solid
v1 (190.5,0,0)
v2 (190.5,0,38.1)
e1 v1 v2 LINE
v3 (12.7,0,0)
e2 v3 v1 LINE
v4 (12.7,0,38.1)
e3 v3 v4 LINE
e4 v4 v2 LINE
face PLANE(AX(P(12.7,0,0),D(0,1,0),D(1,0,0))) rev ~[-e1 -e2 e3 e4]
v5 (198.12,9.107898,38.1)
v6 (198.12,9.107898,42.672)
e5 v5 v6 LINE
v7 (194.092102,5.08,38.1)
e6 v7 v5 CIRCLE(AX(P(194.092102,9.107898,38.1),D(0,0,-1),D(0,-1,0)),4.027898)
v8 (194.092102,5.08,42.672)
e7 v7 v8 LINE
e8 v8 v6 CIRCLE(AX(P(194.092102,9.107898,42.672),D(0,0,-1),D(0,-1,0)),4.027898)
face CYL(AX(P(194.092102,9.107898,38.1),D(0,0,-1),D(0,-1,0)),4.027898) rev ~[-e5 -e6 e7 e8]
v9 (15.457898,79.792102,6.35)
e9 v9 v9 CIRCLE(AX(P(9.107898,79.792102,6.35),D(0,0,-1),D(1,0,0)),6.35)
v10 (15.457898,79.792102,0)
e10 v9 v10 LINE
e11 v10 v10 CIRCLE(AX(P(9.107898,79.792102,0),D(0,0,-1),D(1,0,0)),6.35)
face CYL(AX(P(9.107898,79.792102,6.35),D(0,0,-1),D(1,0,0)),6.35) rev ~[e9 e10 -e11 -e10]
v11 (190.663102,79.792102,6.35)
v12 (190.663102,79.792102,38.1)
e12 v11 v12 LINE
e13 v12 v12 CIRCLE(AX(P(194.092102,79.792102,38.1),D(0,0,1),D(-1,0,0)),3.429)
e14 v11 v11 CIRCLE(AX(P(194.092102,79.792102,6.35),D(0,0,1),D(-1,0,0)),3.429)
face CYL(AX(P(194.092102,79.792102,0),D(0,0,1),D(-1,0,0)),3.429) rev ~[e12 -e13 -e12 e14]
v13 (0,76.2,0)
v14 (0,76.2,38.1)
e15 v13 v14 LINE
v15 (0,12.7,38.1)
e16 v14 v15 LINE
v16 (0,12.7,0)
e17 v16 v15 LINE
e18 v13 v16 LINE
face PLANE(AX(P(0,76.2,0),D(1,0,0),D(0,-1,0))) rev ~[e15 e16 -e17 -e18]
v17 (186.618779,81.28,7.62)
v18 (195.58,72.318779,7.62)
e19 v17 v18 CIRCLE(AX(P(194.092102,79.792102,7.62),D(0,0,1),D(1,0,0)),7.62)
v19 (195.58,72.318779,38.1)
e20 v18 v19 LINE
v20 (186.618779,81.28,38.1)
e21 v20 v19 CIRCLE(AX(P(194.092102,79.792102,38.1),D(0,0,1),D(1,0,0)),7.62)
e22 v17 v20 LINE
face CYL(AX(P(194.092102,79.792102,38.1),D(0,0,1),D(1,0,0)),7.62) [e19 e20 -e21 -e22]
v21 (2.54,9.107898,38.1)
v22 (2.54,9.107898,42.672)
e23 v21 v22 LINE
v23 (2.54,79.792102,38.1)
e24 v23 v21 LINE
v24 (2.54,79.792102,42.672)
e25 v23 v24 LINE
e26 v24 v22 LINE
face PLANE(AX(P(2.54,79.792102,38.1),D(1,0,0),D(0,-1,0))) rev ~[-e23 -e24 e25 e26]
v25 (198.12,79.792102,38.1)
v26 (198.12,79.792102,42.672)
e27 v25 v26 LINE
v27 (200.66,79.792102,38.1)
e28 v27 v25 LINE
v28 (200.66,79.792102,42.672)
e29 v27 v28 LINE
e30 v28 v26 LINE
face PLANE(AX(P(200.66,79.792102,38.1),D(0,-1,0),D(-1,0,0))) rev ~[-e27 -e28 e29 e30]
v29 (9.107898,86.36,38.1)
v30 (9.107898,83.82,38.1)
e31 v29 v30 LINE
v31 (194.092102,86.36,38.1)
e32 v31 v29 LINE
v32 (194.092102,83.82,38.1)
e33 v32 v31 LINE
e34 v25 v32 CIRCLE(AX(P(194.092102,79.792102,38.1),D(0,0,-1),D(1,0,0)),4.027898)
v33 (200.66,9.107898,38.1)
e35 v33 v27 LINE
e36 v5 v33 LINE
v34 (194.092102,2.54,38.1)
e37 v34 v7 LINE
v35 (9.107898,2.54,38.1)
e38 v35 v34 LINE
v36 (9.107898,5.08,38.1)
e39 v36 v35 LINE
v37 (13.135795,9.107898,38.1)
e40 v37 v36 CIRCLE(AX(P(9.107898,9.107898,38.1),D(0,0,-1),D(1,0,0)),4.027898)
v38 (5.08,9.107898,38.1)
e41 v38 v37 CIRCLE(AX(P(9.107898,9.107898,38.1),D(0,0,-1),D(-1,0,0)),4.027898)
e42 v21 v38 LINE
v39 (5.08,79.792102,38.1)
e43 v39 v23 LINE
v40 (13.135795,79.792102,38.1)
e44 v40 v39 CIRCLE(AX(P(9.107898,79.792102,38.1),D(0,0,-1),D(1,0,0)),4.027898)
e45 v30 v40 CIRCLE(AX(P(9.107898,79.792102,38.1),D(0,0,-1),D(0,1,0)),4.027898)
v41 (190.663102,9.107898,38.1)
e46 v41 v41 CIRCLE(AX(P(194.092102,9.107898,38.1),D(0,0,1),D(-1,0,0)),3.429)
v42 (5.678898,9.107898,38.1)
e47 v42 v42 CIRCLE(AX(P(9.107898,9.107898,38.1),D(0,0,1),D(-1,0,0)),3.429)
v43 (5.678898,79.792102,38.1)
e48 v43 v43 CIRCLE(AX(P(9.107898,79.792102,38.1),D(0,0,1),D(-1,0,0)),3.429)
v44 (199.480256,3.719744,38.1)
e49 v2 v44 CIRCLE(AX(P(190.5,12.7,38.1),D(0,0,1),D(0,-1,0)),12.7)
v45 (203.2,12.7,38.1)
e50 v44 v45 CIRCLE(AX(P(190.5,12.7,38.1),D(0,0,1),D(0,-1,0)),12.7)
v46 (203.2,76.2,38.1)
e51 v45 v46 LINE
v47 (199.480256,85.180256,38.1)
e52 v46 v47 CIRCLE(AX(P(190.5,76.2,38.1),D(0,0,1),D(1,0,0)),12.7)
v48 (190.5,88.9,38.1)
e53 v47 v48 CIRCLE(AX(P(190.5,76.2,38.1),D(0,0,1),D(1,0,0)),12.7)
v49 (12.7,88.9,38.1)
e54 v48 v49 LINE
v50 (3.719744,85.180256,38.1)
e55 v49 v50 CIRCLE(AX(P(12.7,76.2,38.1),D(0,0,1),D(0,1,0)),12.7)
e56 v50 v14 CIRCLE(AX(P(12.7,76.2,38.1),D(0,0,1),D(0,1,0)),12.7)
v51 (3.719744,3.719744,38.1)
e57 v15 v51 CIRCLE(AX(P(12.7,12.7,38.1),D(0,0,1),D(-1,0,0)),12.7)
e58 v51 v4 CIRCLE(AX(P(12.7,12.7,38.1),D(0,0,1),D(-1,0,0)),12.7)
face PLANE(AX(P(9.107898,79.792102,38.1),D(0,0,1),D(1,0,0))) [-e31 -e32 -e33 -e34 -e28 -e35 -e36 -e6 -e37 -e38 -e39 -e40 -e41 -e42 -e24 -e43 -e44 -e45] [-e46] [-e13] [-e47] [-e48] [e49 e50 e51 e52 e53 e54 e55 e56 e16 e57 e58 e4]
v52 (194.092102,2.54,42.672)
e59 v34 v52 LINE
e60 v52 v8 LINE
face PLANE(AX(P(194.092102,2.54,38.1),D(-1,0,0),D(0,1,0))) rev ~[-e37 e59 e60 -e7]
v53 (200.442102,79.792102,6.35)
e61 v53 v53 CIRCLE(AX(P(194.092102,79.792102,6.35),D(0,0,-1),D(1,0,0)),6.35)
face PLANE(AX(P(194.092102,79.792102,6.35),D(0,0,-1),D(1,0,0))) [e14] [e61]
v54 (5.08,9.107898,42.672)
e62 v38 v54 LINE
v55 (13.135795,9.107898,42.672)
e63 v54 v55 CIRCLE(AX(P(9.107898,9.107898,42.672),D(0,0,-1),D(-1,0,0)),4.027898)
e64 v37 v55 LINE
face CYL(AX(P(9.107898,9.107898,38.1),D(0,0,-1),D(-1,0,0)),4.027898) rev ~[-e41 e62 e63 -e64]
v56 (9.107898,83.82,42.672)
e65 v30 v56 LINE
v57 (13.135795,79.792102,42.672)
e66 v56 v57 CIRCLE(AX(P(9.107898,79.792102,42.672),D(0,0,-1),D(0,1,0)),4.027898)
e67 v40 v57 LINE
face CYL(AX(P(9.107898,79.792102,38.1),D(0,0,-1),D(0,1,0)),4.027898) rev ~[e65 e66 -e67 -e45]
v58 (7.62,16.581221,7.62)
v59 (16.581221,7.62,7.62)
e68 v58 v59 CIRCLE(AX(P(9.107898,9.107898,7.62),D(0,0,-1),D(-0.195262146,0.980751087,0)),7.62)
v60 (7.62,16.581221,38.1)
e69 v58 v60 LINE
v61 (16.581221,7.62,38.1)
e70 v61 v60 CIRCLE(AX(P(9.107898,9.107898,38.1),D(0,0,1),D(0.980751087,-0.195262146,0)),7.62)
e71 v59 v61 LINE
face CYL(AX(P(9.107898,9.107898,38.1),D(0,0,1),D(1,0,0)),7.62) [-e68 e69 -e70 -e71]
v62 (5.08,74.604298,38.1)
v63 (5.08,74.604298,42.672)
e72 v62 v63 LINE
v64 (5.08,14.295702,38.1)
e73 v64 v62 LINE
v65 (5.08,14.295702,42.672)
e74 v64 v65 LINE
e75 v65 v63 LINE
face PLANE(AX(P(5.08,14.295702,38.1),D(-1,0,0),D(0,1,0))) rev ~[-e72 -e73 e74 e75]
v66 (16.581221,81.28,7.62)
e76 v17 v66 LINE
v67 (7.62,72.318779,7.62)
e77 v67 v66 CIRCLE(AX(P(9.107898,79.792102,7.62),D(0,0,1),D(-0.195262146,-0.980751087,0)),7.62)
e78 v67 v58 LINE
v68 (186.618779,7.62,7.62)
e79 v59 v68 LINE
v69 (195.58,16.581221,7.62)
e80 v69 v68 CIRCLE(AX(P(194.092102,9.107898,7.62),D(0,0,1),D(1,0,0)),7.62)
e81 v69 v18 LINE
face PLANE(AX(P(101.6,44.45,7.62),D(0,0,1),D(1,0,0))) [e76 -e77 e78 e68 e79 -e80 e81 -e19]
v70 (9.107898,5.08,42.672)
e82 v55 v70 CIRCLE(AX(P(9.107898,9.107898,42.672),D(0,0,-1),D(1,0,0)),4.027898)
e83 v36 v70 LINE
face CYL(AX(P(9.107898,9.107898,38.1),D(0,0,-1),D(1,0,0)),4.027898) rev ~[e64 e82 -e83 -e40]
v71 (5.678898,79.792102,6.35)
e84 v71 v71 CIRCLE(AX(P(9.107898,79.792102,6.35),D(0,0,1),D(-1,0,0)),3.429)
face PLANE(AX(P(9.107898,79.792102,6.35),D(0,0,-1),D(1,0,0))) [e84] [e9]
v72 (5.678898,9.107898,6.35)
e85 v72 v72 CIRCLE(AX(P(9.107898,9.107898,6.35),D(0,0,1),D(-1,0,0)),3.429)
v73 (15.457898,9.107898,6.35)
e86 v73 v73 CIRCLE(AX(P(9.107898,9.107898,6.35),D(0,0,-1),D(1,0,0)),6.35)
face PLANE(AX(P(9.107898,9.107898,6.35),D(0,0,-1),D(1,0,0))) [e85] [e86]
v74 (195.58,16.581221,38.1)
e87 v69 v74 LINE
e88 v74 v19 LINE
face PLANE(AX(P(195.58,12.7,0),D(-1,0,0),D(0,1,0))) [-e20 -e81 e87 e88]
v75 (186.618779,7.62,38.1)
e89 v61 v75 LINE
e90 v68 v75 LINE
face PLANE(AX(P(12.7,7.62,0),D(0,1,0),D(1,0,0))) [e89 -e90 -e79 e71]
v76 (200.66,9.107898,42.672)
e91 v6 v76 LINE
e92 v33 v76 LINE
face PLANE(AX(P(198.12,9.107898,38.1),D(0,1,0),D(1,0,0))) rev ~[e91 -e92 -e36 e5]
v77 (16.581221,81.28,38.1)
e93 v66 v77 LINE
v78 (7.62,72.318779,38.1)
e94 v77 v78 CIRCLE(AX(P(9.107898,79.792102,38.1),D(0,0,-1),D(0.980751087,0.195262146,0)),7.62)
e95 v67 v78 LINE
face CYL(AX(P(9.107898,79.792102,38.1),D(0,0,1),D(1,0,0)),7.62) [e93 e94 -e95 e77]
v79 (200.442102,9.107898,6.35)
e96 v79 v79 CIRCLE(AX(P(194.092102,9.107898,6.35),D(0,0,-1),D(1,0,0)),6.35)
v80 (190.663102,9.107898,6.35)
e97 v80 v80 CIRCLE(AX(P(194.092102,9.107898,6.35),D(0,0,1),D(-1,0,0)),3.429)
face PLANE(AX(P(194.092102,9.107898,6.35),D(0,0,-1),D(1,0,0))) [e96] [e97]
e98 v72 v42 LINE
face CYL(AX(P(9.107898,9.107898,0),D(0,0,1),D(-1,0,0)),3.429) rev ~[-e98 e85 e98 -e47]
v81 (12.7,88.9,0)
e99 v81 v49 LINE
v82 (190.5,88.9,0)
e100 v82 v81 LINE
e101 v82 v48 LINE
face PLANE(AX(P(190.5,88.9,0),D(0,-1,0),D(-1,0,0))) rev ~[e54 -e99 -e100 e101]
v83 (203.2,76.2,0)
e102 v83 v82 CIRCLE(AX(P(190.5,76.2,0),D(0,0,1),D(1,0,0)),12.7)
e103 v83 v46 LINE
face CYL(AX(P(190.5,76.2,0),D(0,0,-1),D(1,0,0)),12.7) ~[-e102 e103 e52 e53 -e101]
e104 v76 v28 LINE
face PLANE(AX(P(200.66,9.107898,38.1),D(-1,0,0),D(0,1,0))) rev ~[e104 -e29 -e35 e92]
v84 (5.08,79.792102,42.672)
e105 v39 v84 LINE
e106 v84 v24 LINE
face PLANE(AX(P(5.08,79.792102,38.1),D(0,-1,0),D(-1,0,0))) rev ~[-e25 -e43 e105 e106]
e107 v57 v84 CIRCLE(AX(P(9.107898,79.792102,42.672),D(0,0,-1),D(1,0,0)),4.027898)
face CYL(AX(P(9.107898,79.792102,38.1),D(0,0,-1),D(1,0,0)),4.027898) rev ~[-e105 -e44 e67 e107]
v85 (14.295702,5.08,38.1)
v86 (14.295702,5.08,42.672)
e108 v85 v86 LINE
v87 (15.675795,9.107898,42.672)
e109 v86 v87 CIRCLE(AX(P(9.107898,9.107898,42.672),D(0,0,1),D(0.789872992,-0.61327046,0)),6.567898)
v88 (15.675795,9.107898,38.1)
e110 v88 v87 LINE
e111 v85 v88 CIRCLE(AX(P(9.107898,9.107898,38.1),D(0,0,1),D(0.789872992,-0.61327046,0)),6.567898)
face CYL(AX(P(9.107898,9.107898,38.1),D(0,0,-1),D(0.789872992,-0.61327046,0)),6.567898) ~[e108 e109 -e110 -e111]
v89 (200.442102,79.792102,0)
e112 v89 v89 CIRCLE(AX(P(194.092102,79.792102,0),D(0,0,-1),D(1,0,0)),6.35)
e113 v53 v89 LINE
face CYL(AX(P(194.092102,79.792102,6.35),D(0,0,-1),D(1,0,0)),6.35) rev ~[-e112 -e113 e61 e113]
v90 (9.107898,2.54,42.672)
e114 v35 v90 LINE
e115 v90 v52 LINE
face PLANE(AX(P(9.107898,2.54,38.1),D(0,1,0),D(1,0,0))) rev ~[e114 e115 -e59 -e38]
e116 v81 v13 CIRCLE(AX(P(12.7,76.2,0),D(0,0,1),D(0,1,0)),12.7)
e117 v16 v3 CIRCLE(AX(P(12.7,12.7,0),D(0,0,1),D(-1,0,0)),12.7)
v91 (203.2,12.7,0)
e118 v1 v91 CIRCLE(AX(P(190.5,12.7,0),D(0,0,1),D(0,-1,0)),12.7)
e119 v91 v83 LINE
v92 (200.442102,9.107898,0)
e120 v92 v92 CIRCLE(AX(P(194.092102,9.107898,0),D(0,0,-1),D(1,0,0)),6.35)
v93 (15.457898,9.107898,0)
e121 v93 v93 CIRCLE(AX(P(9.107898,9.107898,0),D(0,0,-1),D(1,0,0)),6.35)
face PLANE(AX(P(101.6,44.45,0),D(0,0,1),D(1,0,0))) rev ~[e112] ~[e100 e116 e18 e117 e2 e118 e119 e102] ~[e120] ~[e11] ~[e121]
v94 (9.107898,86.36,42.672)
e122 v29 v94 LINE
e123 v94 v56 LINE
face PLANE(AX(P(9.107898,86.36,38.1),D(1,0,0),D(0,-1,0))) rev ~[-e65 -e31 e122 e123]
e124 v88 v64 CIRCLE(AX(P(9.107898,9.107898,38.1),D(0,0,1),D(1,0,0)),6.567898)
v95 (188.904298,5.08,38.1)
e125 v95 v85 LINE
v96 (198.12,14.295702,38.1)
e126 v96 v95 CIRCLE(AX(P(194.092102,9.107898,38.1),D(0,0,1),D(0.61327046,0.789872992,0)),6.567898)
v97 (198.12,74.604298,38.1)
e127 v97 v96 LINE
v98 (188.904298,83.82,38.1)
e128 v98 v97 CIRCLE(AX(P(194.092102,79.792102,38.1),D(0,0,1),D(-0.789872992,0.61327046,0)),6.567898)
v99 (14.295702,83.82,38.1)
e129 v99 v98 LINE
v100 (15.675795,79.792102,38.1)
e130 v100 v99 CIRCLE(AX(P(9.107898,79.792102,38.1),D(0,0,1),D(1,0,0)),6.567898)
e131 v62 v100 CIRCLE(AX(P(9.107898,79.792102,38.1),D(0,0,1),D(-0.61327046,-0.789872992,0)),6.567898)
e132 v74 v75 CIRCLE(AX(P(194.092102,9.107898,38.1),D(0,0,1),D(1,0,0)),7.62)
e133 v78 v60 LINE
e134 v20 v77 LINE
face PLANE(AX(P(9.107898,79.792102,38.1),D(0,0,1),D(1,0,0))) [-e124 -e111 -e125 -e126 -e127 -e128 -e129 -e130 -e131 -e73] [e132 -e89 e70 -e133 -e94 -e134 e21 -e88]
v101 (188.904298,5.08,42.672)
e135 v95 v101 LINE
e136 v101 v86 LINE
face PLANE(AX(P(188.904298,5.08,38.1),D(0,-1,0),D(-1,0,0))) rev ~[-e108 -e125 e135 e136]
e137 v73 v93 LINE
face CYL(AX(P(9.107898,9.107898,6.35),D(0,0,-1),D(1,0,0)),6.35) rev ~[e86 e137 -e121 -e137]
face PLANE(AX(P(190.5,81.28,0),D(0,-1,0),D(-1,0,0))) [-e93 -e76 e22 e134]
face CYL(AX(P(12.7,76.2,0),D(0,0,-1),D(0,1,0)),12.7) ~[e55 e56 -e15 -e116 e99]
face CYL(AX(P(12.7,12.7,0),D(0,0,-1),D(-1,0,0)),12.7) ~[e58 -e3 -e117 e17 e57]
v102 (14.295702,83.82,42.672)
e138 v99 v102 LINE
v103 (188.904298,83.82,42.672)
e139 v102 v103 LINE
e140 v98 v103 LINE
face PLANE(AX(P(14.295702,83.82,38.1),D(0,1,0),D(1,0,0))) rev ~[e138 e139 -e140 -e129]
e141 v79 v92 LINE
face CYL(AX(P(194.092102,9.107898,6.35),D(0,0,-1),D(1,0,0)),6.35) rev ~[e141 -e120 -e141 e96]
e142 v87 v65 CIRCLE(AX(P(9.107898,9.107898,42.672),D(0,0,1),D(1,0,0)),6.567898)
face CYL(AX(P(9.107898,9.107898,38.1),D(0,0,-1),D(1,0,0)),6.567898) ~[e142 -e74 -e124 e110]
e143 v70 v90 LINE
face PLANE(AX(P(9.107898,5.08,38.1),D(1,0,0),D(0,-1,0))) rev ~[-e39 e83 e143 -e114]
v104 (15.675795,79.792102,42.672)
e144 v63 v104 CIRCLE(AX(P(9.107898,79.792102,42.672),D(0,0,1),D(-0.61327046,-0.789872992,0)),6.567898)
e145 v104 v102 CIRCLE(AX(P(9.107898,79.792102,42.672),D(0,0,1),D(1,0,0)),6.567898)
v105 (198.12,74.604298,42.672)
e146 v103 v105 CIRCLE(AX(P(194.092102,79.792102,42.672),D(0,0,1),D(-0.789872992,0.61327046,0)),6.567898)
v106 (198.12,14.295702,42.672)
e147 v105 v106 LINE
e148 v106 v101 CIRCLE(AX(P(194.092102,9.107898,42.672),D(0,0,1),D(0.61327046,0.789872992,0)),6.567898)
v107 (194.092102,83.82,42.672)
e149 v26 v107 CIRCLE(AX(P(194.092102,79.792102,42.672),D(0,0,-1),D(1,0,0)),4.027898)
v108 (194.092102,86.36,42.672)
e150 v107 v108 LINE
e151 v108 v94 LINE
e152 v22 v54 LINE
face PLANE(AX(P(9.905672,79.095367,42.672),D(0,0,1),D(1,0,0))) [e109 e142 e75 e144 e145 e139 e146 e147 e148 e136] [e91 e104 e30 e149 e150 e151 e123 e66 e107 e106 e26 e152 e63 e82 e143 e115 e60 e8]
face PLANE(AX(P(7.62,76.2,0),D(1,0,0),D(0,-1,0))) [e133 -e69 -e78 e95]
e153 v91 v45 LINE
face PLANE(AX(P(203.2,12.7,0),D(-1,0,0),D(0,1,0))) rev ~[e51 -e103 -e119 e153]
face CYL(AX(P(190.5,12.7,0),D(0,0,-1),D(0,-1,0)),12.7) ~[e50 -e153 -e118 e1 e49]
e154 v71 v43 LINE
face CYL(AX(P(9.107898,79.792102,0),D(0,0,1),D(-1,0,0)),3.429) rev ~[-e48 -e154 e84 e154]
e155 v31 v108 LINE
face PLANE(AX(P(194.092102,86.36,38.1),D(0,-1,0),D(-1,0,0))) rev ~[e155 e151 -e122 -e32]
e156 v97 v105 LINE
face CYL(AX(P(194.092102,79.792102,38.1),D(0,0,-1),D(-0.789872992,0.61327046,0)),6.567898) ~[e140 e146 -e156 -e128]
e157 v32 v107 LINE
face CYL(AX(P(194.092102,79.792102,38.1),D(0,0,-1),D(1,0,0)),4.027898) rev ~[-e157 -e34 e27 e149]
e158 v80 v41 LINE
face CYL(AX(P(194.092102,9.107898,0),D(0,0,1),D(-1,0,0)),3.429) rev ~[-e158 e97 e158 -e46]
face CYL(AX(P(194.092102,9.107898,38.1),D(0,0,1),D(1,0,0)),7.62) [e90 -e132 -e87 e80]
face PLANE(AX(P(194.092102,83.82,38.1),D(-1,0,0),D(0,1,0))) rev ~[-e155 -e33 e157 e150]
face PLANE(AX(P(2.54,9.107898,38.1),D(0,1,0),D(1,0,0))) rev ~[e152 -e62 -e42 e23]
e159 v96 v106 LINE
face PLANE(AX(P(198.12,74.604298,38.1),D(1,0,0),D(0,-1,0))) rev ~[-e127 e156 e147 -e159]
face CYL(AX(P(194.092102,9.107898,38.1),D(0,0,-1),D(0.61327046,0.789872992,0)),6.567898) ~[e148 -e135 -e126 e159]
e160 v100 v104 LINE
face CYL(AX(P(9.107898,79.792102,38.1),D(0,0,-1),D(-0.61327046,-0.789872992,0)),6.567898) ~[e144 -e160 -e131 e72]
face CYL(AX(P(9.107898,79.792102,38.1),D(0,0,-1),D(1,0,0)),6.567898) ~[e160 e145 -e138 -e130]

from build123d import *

# Parameters (mm, degrees)
F1_DEPTH       = 38.1
F2_T           = -7.62
F3_R           = 7.62
F4_DEPTH       = 30.48
F6_DEPTH       = 4.572
F8_D           = 6.858
F8_CBORE_D     = 12.7
F8_CBORE_DEPTH = 6.35


with BuildPart() as f1:
    # F0 (on Top) → F1 (new body)
    with BuildSketch(Plane.XY):
        with BuildLine():
            ThreePointArc((0, 12.7), (3.7197438789, 3.7197438789), (12.7, 0))
            Line((12.7, 0), (190.5, 0))
            ThreePointArc((190.5, 0), (199.4802561211, 3.7197438789), (203.2, 12.7))
            Line((203.2, 12.7), (203.2, 44.45))
            Line((203.2, 44.45), (203.2, 76.2))
            ThreePointArc((203.2, 76.2), (199.4802561211, 85.1802561211), (190.5, 88.9))
            Line((190.5, 88.9), (12.7, 88.9))
            ThreePointArc((12.7, 88.9), (3.7197438789, 85.1802561211), (0, 76.2))
            Line((0, 76.2), (0, 44.45))
            Line((0, 44.45), (0, 12.7))
        make_face()
    extrude(amount=F1_DEPTH)

    # F2
    f2_openings = [f1.faces().sort_by_distance(p)[0] for p in [
        (101.6, 44.45, 38.1),
    ]]
    offset(amount=F2_T, openings=f2_openings)

    # F3 (on face) → F4 (join, through all)
    with BuildSketch(Plane.XY.offset(38.1)):
        with Locations((9.1078975516, 79.7921024484)):
            Circle(F3_R)
        with Locations((194.0921024484, 79.7921024484)):
            Circle(F3_R)
        with Locations((9.1078975516, 9.1078975516)):
            Circle(F3_R)
        with Locations((194.0921024484, 9.1078975516)):
            Circle(F3_R)
    extrude(amount=-F4_DEPTH)

    # F5 (on face) → F6 (join)
    with BuildSketch(Plane.XY.offset(38.1)):
        with BuildLine():
            ThreePointArc((14.2957024402, 83.82), (11.9960162975, 85.6909199873), (9.1078975516, 86.36))
            Line((9.1078975516, 86.36), (9.1078975516, 83.82))
            ThreePointArc((9.1078975516, 83.82), (11.9560512242, 82.6402561211), (13.1357951031, 79.7921024484))
            ThreePointArc((13.1357951031, 79.7921024484), (9.1078975516, 75.7642048969), (5.08, 79.7921024484))
            Line((5.08, 79.7921024484), (2.54, 79.7921024484))
            ThreePointArc((2.54, 79.7921024484), (3.2090800127, 76.9039837025), (5.08, 74.6042975598))
            ThreePointArc((5.08, 74.6042975598), (11.9960162975, 73.8932849095), (15.6757951031, 79.7921024484))
            ThreePointArc((15.6757951031, 79.7921024484), (15.3211997844, 81.9209879811), (14.2957024402, 83.82))
        make_face()
        with BuildLine():
            Line((194.0921024484, 86.36), (101.6, 86.36))
            Line((101.6, 86.36), (9.1078975516, 86.36))
            ThreePointArc((9.1078975516, 86.36), (11.9960162975, 85.6909199873), (14.2957024402, 83.82))
            Line((14.2957024402, 83.82), (101.6, 83.82))
            Line((101.6, 83.82), (188.9042975598, 83.82))
            ThreePointArc((188.9042975598, 83.82), (191.2039837025, 85.6909199873), (194.0921024484, 86.36))
        make_face()
        with BuildLine():
            Line((194.0921024484, 83.82), (194.0921024484, 86.36))
            ThreePointArc((194.0921024484, 86.36), (191.2039837025, 85.6909199873), (188.9042975598, 83.82))
            ThreePointArc((188.9042975598, 83.82), (189.4478975516, 75.1478975516), (198.12, 74.6042975598))
            ThreePointArc((198.12, 74.6042975598), (199.9909199873, 76.9039837025), (200.66, 79.7921024484))
            Line((200.66, 79.7921024484), (198.12, 79.7921024484))
            ThreePointArc((198.12, 79.7921024484), (191.2439487758, 76.9439487758), (194.0921024484, 83.82))
        make_face()
        with BuildLine():
            Line((200.66, 44.45), (200.66, 79.7921024484))
            ThreePointArc((200.66, 79.7921024484), (199.9909199873, 76.9039837025), (198.12, 74.6042975598))
            Line((198.12, 74.6042975598), (198.12, 44.45))
            Line((198.12, 44.45), (198.12, 14.2957024402))
            ThreePointArc((198.12, 14.2957024402), (199.9909199873, 11.9960162975), (200.66, 9.1078975516))
            Line((200.66, 9.1078975516), (200.66, 44.45))
        make_face()
        with BuildLine():
            Line((198.12, 9.1078975516), (200.66, 9.1078975516))
            ThreePointArc((200.66, 9.1078975516), (199.9909199873, 11.9960162975), (198.12, 14.2957024402))
            ThreePointArc((198.12, 14.2957024402), (189.4478975516, 13.7521024484), (188.9042975598, 5.08))
            ThreePointArc((188.9042975598, 5.08), (191.2039837025, 3.2090800127), (194.0921024484, 2.54))
            Line((194.0921024484, 2.54), (194.0921024484, 5.08))
            ThreePointArc((194.0921024484, 5.08), (191.2439487758, 11.9560512242), (198.12, 9.1078975516))
        make_face()
        with BuildLine():
            Line((101.6, 2.54), (194.0921024484, 2.54))
            ThreePointArc((194.0921024484, 2.54), (191.2039837025, 3.2090800127), (188.9042975598, 5.08))
            Line((188.9042975598, 5.08), (101.6, 5.08))
            Line((101.6, 5.08), (14.2957024402, 5.08))
            ThreePointArc((14.2957024402, 5.08), (11.9960162975, 3.2090800127), (9.1078975516, 2.54))
            Line((9.1078975516, 2.54), (101.6, 2.54))
        make_face()
        with BuildLine():
            ThreePointArc((5.08, 14.2957024402), (3.2090800127, 11.9960162975), (2.54, 9.1078975516))
            Line((2.54, 9.1078975516), (5.08, 9.1078975516))
            ThreePointArc((5.08, 9.1078975516), (9.1078975516, 13.1357951031), (13.1357951031, 9.1078975516))
            ThreePointArc((13.1357951031, 9.1078975516), (11.9560512242, 6.2597438789), (9.1078975516, 5.08))
            Line((9.1078975516, 5.08), (9.1078975516, 2.54))
            ThreePointArc((9.1078975516, 2.54), (11.9960162975, 3.2090800127), (14.2957024402, 5.08))
            ThreePointArc((14.2957024402, 5.08), (15.3211997844, 6.9790120189), (15.6757951031, 9.1078975516))
            ThreePointArc((15.6757951031, 9.1078975516), (11.9960162975, 15.0067150905), (5.08, 14.2957024402))
        make_face()
        with BuildLine():
            ThreePointArc((5.08, 74.6042975598), (3.2090800127, 76.9039837025), (2.54, 79.7921024484))
            Line((2.54, 79.7921024484), (2.54, 44.45))
            Line((2.54, 44.45), (2.54, 9.1078975516))
            ThreePointArc((2.54, 9.1078975516), (3.2090800127, 11.9960162975), (5.08, 14.2957024402))
            Line((5.08, 14.2957024402), (5.08, 44.45))
            Line((5.08, 44.45), (5.08, 74.6042975598))
        make_face()
    extrude(amount=F6_DEPTH)

    # F8 (through all)
    with Locations(Plane(origin=(0, 0, 0), x_dir=(1, 0, 0), z_dir=(0, 0, -1))):
        with Locations((194.0921024484, -79.7921024484), (194.0921024484, -9.1078975516), (9.1078975516, -9.1078975516), (9.1078975516, -79.7921024484)):
            CounterBoreHole(F8_D / 2, F8_CBORE_D / 2, F8_CBORE_DEPTH)


solid = f1.part
